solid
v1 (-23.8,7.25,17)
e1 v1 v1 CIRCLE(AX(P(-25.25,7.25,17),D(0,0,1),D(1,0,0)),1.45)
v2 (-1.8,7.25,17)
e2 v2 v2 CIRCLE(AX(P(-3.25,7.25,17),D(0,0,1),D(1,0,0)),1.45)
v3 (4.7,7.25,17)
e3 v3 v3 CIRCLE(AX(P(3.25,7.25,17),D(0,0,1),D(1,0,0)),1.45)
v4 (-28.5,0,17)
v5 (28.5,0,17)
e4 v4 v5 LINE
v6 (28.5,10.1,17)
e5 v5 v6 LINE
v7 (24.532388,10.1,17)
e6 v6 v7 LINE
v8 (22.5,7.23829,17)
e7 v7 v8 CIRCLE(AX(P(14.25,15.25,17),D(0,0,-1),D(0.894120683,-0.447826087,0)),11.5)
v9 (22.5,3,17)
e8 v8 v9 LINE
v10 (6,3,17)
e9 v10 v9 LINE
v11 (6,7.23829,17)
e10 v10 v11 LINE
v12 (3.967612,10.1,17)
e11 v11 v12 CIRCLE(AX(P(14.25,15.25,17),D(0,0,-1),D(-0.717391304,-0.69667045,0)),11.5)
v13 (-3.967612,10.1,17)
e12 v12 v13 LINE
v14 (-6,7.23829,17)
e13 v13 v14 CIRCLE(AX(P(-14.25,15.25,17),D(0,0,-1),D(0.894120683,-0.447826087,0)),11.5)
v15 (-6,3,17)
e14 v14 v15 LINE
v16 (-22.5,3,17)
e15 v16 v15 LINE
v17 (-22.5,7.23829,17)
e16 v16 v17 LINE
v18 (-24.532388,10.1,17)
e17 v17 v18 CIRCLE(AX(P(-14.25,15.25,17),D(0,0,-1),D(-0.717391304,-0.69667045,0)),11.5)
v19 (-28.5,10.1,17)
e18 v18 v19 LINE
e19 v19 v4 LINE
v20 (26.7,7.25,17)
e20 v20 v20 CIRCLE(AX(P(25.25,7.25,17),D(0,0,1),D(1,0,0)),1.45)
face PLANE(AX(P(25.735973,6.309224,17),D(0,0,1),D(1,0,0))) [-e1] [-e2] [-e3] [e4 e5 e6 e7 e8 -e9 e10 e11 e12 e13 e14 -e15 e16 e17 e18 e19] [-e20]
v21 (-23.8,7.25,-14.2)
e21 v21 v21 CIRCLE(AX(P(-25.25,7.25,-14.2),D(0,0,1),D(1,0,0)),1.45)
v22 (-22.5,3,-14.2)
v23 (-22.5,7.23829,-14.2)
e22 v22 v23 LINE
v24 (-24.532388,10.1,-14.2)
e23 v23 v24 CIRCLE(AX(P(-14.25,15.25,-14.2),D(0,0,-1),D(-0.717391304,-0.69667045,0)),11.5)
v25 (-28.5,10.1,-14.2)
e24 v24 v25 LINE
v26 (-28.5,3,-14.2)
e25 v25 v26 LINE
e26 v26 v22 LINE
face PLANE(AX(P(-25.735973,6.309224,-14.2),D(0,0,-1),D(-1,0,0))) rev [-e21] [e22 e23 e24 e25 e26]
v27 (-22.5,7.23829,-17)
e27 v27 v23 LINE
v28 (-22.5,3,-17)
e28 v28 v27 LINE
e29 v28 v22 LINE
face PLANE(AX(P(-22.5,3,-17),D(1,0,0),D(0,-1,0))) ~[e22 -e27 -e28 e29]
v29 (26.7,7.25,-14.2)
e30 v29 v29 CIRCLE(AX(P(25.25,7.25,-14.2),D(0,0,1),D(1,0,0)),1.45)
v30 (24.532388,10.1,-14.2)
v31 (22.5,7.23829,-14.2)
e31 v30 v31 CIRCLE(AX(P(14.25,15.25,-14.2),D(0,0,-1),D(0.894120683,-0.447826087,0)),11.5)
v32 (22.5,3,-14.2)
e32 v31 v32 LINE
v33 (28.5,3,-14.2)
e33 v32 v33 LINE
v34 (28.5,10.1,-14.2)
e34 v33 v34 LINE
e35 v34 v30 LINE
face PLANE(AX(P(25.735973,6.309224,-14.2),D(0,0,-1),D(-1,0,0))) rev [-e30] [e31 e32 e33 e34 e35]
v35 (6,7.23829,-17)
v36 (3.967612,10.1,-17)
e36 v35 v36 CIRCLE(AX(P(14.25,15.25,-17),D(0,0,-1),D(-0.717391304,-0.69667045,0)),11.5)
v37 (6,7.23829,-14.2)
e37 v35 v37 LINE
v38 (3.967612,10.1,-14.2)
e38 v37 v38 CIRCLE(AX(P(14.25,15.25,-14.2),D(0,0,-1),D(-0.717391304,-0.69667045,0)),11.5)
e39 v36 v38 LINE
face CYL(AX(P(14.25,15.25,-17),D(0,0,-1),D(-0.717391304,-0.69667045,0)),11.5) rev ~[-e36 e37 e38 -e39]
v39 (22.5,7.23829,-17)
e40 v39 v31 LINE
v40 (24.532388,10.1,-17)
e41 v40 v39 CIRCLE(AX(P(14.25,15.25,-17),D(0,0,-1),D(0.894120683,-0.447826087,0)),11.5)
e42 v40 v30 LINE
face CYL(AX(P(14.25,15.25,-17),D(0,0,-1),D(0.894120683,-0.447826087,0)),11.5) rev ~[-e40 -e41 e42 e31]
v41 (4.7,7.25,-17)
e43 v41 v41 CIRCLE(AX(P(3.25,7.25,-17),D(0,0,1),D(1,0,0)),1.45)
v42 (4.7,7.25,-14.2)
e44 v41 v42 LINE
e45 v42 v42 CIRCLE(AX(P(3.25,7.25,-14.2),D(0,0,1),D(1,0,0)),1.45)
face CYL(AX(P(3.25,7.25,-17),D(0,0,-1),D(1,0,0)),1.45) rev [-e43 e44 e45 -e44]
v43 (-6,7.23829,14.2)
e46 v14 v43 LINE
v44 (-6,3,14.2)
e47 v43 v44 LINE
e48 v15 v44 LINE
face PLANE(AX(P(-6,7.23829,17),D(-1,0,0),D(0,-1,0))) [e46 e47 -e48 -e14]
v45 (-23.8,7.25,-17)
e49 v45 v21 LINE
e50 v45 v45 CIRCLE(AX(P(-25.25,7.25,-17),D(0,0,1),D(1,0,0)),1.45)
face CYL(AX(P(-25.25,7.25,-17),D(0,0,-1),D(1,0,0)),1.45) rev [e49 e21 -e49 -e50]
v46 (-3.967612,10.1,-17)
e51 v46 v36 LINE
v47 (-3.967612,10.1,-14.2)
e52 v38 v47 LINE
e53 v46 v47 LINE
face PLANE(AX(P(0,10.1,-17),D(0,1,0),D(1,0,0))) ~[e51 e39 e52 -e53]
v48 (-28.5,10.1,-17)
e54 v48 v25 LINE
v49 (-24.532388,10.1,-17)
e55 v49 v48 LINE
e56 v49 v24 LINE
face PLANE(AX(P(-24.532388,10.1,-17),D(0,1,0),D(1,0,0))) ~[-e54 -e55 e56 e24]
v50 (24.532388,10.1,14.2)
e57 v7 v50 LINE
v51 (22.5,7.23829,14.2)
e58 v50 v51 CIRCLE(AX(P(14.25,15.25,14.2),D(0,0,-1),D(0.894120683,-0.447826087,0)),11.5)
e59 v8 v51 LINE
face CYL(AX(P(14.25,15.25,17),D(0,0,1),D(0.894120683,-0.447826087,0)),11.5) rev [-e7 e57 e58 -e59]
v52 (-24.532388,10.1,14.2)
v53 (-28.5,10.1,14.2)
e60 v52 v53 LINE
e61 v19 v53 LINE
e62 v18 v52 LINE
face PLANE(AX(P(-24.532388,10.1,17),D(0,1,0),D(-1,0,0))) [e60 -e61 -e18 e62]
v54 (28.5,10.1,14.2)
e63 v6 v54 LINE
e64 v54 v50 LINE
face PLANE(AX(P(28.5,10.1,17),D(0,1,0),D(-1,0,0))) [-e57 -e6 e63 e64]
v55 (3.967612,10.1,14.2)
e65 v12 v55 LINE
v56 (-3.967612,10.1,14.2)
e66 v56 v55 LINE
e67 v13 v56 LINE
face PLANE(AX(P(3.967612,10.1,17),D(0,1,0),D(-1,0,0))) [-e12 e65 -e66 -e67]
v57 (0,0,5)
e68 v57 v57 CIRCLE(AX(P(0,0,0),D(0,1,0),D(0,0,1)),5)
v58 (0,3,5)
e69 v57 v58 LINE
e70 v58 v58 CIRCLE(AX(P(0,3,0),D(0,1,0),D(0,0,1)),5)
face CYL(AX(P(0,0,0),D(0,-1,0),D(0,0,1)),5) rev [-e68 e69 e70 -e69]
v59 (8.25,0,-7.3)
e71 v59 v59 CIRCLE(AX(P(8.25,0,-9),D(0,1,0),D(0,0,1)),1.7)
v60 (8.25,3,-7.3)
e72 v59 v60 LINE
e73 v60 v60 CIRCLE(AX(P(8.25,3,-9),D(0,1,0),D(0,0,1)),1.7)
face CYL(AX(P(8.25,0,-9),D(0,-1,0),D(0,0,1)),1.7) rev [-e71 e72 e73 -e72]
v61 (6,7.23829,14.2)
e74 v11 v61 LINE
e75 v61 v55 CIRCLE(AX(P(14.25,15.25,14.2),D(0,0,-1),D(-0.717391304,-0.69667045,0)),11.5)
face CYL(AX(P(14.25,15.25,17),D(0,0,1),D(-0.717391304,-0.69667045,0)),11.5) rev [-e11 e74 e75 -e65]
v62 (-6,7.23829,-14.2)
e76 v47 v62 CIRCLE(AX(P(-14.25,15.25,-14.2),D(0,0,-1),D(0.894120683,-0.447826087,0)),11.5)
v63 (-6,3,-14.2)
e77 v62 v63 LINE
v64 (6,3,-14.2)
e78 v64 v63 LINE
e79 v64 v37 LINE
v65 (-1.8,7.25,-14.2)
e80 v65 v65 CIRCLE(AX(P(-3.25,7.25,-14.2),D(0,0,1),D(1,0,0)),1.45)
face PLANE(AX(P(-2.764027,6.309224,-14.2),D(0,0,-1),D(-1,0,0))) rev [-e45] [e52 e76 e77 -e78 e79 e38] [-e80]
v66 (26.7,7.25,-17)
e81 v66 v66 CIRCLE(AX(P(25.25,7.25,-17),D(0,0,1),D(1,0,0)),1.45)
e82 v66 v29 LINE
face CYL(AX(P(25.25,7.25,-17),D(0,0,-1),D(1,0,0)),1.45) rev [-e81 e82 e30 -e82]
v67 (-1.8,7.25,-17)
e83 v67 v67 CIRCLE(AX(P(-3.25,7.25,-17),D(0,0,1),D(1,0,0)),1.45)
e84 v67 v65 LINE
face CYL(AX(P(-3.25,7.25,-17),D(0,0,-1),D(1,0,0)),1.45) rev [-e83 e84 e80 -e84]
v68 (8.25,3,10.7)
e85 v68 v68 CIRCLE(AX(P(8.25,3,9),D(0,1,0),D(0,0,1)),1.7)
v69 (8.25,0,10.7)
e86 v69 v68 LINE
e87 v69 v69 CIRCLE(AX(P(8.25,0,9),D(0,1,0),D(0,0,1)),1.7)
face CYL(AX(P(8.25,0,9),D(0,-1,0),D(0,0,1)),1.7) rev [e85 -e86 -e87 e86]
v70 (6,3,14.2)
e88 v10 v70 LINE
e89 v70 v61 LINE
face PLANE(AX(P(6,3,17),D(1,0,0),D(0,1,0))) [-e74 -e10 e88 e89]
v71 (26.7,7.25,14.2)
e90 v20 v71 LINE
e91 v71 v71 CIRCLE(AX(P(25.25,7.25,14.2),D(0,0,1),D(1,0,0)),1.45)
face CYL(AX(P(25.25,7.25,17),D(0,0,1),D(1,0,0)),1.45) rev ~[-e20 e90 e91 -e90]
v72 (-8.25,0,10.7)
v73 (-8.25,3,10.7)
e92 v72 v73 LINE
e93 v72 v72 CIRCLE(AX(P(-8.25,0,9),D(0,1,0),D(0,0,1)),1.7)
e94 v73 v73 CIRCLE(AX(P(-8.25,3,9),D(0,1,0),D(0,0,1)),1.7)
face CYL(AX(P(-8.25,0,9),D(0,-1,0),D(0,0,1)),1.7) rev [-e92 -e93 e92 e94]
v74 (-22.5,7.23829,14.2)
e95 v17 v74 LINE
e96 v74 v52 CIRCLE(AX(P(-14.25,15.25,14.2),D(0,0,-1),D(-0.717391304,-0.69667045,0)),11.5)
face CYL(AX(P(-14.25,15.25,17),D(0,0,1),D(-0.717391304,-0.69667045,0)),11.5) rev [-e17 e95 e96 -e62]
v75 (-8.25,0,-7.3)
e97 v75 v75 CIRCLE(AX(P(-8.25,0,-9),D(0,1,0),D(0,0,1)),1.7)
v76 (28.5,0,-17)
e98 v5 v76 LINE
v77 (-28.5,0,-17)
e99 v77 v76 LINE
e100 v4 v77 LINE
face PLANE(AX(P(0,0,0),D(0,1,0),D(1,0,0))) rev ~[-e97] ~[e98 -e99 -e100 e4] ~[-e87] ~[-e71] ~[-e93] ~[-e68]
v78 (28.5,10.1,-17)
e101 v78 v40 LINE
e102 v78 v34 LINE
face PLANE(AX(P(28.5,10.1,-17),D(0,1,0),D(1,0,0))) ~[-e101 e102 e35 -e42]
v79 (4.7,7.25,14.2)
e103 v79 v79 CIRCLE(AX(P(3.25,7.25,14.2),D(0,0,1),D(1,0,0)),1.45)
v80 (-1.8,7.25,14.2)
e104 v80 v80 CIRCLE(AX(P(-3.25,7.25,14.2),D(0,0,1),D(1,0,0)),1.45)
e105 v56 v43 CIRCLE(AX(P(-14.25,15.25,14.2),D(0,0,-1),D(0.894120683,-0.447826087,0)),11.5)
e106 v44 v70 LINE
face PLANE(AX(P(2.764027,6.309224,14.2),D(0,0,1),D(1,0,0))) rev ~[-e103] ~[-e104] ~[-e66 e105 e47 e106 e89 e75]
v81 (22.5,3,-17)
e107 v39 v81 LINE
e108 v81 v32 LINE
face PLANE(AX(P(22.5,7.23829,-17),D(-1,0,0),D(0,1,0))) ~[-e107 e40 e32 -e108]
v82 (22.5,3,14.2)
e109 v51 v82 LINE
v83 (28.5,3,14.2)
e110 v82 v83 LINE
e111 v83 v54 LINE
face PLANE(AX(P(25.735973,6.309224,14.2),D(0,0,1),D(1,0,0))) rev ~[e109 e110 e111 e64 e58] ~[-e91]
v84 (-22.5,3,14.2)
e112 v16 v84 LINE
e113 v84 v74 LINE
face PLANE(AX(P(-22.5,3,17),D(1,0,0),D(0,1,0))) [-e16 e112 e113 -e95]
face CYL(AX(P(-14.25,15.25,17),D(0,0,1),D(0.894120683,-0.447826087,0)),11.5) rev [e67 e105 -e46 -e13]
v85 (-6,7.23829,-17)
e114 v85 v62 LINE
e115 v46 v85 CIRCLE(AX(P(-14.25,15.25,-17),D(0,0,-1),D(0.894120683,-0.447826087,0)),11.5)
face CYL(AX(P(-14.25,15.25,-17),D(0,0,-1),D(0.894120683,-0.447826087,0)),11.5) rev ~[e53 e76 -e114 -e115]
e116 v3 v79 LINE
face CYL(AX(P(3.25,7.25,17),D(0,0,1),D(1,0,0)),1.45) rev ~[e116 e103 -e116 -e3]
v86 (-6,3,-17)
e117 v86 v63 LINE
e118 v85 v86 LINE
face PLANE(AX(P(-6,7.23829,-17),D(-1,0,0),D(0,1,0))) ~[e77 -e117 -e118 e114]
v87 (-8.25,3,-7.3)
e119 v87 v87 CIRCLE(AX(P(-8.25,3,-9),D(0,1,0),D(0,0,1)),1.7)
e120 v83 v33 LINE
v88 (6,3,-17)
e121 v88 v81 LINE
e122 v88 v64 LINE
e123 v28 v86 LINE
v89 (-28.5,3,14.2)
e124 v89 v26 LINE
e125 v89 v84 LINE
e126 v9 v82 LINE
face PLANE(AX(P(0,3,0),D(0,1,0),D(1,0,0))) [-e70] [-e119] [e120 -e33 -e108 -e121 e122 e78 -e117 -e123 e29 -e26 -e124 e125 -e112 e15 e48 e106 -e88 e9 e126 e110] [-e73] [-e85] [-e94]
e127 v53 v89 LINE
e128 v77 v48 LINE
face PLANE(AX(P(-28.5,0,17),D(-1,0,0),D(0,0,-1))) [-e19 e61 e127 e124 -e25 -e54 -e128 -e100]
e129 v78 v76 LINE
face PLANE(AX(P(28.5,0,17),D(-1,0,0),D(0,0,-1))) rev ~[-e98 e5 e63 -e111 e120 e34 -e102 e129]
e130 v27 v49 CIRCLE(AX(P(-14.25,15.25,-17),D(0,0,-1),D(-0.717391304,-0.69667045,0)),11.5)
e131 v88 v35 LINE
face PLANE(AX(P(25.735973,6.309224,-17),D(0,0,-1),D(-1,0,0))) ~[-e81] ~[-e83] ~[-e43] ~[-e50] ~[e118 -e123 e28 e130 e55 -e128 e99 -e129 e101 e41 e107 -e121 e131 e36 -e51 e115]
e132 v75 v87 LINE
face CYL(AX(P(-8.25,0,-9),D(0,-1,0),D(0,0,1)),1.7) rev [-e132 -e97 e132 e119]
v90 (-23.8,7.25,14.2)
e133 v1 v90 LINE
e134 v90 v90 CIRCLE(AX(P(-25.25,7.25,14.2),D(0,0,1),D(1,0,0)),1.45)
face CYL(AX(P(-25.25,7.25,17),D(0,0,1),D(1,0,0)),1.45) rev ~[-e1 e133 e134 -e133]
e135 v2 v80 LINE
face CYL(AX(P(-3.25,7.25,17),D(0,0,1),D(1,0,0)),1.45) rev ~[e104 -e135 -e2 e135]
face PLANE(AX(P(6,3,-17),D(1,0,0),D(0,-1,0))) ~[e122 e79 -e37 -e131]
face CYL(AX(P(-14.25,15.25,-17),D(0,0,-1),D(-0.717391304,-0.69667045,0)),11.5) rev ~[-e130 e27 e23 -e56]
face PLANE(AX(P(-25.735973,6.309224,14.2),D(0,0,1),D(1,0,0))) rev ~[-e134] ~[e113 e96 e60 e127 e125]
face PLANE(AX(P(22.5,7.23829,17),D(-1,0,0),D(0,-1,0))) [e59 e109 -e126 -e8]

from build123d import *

# Parameters (mm, degrees)
SKETCH1_W           = 57
SKETCH1_H           = 34
SKETCH1_R           = 5
SKETCH1_R_2         = 1.7
BOSS_EXTRUDE1_DEPTH = 3
SKETCH6_R           = 1.45
BOSS_EXTRUDE3_DEPTH = 2.8


with BuildPart() as part:
    # Sketch1 → Boss-Extrude1 (new body)
    with BuildSketch(Plane(origin=(0, 0, 0), x_dir=(1, 0, 0), z_dir=(0, 1, 0))):
        Rectangle(SKETCH1_W, SKETCH1_H)
        with Locations(Location((0, 0, 0), (0, 0, 270))):
            Circle(SKETCH1_R, mode=Mode.SUBTRACT)
        with Locations(Location((-8.25, 9, 0), (0, 0, 270))):
            Circle(SKETCH1_R_2, mode=Mode.SUBTRACT)
        with Locations(Location((8.25, 9, 0), (0, 0, 270))):
            Circle(SKETCH1_R_2, mode=Mode.SUBTRACT)
        with Locations(Location((8.25, -9, 0), (0, 0, 270))):
            Circle(SKETCH1_R_2, mode=Mode.SUBTRACT)
        with Locations(Location((-8.25, -9, 0), (0, 0, 270))):
            Circle(SKETCH1_R_2, mode=Mode.SUBTRACT)
    extrude(amount=BOSS_EXTRUDE1_DEPTH)

    # Sketch6 → Boss-Extrude3 (add)
    # profile 1 of 4: a face of its own
    with BuildSketch(Plane.XY.offset(17)):
        with BuildLine():
            Line((22.5, 7.238289821), (22.5, 3))
            Line((22.5, 3), (28.5, 3))
            Line((28.5, 3), (28.5, 10.1))
            Line((28.5, 10.1), (24.532387855, 10.1))
            ThreePointArc((24.532387855, 10.1), (23.626017075, 8.591148462), (22.5, 7.238289821))
        make_face()
        with Locations((25.25, 7.25)):
            Circle(SKETCH6_R, mode=Mode.SUBTRACT)
    # profile 2 of 4: a face of its own
    with BuildSketch(Plane.XY.offset(17)):
        with BuildLine():
            Line((0, 10.1), (0, 3))
            Line((0, 3), (6, 3))
            Line((6, 3), (6, 7.238289821))
            ThreePointArc((6, 7.238289821), (4.873982925, 8.591148462), (3.967612145, 10.1))
            Line((3.967612145, 10.1), (0, 10.1))
        make_face()
        with Locations((3.25, 7.25)):
            Circle(SKETCH6_R, mode=Mode.SUBTRACT)
    # profile 3 of 4: a face of its own
    with BuildSketch(Plane.XY.offset(17)):
        with BuildLine():
            Line((-6, 7.238289821), (-6, 3))
            Line((-6, 3), (0, 3))
            Line((0, 3), (0, 10.1))
            Line((0, 10.1), (-3.967612145, 10.1))
            ThreePointArc((-3.967612145, 10.1), (-4.873982925, 8.591148462), (-6, 7.238289821))
        make_face()
        with Locations((-3.25, 7.25)):
            Circle(SKETCH6_R, mode=Mode.SUBTRACT)
    # profile 4 of 4: a face of its own
    with BuildSketch(Plane.XY.offset(17)):
        with BuildLine():
            Line((-28.5, 10.1), (-28.5, 3))
            Line((-28.5, 3), (-22.5, 3))
            Line((-22.5, 3), (-22.5, 7.238289821))
            ThreePointArc((-22.5, 7.238289821), (-23.626017075, 8.591148462), (-24.532387855, 10.1))
            Line((-24.532387855, 10.1), (-28.5, 10.1))
        make_face()
        with Locations((-25.25, 7.25)):
            Circle(SKETCH6_R, mode=Mode.SUBTRACT)
    boss_extrude3 = extrude(amount=-BOSS_EXTRUDE3_DEPTH)

    # Mirror2: Boss-Extrude3 across plane
    add(boss_extrude3.mirror(Plane.XY))


solid = part.part
